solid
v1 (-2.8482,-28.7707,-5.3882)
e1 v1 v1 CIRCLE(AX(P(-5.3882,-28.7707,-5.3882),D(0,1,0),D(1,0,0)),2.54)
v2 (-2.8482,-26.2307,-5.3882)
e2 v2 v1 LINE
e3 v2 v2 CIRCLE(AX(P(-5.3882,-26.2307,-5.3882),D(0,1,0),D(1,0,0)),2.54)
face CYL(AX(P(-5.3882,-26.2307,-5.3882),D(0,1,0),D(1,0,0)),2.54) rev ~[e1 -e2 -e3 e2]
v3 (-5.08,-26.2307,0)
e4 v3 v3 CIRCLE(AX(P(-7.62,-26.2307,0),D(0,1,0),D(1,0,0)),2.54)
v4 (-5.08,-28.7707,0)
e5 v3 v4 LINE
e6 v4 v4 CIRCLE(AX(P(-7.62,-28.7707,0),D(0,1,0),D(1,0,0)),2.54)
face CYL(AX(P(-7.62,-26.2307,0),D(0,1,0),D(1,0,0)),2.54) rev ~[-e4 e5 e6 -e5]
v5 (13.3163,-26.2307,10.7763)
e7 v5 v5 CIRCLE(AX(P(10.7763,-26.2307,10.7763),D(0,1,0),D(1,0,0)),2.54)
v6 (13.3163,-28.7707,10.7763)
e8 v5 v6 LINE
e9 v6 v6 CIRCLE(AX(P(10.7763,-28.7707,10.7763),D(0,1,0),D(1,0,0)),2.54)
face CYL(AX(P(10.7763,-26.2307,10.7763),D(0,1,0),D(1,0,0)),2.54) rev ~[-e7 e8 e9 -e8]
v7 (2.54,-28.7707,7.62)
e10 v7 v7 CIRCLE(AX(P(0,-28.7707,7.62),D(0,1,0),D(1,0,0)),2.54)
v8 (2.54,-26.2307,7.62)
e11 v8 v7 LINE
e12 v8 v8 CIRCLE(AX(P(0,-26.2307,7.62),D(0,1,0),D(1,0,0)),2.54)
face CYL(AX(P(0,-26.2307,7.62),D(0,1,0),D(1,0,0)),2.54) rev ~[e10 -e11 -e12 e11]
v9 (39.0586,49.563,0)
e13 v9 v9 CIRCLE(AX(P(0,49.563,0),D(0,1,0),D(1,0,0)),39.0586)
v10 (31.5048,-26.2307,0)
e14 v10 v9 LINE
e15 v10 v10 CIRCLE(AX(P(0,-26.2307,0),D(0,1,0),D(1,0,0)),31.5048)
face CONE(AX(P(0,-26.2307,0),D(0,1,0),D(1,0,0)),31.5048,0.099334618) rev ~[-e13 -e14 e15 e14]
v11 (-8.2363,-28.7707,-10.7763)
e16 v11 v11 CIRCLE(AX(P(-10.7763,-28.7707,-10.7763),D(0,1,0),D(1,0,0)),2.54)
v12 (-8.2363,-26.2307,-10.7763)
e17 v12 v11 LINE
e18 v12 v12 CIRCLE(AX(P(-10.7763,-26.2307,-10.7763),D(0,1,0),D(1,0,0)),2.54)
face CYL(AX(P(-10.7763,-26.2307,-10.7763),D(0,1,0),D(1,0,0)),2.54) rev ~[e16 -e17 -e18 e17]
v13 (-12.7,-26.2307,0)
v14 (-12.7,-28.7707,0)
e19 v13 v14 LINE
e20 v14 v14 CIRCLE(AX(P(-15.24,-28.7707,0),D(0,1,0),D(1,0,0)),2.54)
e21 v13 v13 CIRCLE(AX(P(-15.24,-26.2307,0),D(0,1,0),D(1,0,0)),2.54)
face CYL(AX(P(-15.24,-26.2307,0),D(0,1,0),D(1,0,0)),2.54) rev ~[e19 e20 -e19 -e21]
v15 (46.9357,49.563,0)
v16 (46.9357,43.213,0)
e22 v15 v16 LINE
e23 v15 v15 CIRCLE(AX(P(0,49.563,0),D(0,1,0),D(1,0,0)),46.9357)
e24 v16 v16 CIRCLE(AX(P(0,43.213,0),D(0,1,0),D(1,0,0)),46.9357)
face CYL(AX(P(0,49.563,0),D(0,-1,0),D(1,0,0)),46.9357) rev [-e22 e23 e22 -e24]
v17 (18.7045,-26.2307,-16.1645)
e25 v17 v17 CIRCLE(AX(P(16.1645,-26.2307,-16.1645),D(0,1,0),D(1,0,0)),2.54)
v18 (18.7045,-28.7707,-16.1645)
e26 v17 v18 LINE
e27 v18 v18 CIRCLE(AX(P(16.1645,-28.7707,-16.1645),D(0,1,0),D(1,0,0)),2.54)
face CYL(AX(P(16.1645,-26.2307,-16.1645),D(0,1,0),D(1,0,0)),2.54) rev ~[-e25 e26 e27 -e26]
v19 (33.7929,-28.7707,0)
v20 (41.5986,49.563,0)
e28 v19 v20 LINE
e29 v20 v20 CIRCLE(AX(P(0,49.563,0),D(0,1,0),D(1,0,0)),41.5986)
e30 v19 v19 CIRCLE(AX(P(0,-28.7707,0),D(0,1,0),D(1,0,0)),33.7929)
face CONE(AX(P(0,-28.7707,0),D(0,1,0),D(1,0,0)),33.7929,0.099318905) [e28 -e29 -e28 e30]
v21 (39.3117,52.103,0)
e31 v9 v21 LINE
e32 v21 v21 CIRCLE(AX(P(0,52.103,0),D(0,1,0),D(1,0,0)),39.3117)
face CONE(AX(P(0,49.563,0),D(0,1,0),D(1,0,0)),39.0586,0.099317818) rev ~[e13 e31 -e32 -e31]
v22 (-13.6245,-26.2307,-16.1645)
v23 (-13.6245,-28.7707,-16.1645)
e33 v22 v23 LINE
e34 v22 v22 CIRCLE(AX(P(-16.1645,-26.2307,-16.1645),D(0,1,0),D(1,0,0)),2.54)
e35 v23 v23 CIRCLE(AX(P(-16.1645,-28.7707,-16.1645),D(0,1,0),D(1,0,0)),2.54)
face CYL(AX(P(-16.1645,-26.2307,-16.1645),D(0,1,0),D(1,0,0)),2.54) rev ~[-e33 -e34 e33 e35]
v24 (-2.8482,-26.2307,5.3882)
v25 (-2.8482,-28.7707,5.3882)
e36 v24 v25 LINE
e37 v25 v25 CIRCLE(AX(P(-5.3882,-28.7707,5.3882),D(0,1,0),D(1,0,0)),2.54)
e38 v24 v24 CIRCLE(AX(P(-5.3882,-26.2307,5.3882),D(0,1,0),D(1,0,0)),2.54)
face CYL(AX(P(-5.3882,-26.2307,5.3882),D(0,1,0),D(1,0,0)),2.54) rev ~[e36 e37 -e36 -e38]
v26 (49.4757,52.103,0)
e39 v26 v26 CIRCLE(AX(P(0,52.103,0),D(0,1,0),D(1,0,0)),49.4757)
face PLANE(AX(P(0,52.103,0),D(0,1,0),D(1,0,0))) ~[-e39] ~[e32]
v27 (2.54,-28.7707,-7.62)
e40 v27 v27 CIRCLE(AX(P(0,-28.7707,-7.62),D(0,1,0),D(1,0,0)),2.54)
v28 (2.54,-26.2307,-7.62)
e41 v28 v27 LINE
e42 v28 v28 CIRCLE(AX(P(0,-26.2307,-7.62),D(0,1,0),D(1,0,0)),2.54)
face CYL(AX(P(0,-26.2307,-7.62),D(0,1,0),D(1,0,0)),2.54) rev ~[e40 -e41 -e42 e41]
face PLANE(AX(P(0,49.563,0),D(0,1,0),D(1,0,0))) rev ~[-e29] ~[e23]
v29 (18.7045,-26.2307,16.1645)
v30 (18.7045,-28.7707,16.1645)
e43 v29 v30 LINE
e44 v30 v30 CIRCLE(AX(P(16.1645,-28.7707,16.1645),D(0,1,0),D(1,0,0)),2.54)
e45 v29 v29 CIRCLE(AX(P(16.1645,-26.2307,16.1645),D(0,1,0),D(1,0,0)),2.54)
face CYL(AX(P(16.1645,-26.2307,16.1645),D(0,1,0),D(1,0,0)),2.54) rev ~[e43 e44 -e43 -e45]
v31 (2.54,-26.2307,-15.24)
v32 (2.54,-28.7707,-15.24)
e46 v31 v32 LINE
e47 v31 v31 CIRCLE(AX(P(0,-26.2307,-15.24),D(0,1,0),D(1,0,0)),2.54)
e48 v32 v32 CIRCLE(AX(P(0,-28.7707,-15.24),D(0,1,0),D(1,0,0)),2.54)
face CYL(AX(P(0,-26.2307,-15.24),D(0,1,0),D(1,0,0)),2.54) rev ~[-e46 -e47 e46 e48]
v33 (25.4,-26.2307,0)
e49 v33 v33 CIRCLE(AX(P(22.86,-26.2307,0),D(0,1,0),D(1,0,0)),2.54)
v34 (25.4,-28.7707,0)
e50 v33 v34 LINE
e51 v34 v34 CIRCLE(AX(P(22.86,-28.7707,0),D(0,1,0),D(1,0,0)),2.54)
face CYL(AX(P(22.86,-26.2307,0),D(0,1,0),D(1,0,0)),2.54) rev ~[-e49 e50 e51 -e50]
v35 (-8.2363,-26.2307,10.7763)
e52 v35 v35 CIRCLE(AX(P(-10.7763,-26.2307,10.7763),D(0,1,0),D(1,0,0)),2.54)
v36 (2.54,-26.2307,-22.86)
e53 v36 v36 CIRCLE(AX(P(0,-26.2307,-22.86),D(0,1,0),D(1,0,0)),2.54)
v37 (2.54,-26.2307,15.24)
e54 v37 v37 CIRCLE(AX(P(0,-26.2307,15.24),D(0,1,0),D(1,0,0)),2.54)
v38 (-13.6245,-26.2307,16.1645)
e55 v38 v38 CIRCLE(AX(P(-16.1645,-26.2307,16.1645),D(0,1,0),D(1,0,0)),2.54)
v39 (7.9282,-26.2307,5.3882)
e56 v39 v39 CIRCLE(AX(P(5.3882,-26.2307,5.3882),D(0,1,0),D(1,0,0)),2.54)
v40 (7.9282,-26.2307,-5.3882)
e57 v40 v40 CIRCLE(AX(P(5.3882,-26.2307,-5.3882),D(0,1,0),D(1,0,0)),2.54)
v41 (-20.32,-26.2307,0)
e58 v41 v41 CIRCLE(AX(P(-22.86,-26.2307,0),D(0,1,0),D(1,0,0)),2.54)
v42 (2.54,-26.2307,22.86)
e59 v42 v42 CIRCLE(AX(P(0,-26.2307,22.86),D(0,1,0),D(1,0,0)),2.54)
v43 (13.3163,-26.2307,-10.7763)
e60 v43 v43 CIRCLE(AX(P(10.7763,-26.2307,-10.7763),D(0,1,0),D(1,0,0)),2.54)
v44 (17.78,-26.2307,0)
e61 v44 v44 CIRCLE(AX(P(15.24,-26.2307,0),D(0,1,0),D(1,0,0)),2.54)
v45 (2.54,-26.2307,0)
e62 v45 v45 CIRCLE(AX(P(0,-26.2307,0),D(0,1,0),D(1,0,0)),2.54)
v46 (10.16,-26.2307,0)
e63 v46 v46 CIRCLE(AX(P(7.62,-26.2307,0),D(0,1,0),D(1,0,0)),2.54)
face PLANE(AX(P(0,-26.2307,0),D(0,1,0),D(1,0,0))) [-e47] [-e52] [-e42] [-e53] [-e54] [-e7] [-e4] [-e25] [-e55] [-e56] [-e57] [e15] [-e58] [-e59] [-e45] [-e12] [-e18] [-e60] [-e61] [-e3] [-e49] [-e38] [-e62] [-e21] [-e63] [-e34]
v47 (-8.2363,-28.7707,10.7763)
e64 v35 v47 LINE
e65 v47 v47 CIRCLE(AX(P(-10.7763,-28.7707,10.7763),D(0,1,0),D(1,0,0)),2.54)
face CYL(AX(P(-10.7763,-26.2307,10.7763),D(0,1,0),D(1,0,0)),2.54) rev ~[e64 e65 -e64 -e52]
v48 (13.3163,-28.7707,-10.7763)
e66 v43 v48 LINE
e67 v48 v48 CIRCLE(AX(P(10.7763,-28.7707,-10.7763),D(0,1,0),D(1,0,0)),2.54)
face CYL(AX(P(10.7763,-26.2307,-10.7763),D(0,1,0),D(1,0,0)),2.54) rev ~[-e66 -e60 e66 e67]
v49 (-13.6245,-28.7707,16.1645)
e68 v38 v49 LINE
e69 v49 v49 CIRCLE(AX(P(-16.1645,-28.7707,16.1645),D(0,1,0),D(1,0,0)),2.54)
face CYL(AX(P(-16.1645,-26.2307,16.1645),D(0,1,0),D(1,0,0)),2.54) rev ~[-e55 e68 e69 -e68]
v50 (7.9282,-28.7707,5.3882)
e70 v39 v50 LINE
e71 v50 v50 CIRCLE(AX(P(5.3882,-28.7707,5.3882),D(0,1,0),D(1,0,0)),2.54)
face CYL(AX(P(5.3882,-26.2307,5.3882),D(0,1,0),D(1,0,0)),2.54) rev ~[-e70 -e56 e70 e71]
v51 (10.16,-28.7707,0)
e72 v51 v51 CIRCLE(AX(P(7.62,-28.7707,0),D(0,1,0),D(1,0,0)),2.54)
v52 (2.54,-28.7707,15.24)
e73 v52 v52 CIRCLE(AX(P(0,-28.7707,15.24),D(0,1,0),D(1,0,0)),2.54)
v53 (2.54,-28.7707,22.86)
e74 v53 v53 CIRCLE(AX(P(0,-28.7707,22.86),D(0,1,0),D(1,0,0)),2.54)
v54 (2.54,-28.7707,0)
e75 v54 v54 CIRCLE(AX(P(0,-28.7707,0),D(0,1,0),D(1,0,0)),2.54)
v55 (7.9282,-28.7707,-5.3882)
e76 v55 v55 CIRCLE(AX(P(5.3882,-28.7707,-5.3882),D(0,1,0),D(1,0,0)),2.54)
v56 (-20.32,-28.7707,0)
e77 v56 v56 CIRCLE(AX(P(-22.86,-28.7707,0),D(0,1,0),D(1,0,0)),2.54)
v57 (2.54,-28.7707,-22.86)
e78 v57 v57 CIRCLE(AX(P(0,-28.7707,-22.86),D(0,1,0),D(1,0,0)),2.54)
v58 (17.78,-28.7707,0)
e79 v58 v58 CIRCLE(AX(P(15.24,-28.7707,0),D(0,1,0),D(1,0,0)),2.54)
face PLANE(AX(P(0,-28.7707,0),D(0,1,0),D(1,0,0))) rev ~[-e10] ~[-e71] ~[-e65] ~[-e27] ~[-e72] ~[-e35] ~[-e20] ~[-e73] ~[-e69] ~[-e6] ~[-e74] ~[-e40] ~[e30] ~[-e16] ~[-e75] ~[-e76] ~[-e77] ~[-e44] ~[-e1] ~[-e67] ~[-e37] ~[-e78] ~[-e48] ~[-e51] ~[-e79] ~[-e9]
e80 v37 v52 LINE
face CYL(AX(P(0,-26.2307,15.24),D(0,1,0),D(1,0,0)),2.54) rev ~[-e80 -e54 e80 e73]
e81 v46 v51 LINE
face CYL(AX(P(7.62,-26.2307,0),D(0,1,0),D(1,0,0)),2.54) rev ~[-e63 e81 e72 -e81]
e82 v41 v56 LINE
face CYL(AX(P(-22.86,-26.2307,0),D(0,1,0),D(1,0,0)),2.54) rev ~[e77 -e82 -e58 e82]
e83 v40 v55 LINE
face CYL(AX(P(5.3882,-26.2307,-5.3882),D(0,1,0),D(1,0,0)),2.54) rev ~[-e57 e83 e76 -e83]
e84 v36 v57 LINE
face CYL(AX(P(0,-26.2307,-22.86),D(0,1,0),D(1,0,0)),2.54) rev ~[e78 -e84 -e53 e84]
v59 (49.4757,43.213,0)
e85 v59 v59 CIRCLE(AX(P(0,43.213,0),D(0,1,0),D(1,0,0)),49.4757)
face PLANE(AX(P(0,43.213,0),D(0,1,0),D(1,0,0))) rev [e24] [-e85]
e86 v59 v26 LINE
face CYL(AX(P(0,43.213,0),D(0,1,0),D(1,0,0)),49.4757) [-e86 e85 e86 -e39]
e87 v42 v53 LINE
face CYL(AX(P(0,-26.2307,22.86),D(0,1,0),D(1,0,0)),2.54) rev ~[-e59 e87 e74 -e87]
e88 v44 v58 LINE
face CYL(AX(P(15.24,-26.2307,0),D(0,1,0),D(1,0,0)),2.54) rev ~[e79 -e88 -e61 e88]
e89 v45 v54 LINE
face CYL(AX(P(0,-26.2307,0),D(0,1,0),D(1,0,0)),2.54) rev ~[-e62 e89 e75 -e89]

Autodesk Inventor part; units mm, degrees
ref_plane "YZ Plane" through (0, 0, 0) normal (1, 0, 0) x (0, 1, 0)
ref_plane "XZ Plane" through (0, 0, 0) normal (0, 1, 0) x (-1, 0, 0)
ref_plane "XY Plane" through (0, 0, 0) normal (0, 0, 1) x (1, 0, 0)
sketch "Sketch1" plane through (0, 0, 0) normal (0, 0, 1) x (1, 0, 0)
  spline S0 degree 3 poles (-35.9347, -28.034) (-38.2518, -14.064) (-40.2964, 0.4145) (-42.8197, 25.9903) (-43.5988, 38.0212) (-43.5918, 49.563) knots -7.717139 -7.717139 -7.717139 -7.717139 -3.462559 -3.462559 0 0 0 0 construction
  line L0 (-43.5918, 49.563) -> (-41.8107, 49.563) construction
  line L1 (-41.8107, 49.563) -> (-41.8107, 49.562) construction
  spline S1 degree 3 poles (-41.8107, 49.562) (-41.8177, 37.9419) (-41.0223, 25.8121) (-38.4526, 0.0021) (-36.3657, -14.6475) (-34.005, -28.7707) knots -7.776786 -7.776786 -7.776786 -7.776786 -4.295739 -4.295739 0 0 0 0 construction
  spline S2 degree 3 poles (-34.005, -28.7707) (-29.7185, -31.4849) (-25.241, -33.8415) (-16.726, -37.4394) (-12.7722, -38.7952) (-7.5781, -40.171) (-6.3496, -40.4679) (-4.3584, -40.8946) (-3.5445, -41.0548) (-2.2442, -41.2757) (-1.7048, -41.3577) (-0.5553, -41.4951) (0.0791, -41.5458) (1.412, -41.5512) (2.0749, -41.5002) (3.2552, -41.3599) (3.7943, -41.2781) (4.6855, -41.1272) (5.068, -41.0573) (5.4504, -40.9834) knots -16.028143 -16.028143 -16.028143 -16.028143 -11.719555 -11.719555 -8.174537 -8.174537 -7.104934 -7.104934 -6.414126 -6.414126 -5.960259 -5.960259 -5.415102 -5.415102 -4.841155 -4.841155 -4.386079 -4.386079 -4.054178 -4.054178 -4.054178 -4.054178 construction
  line L2 (5.4504, -40.9834) -> (5.4504, -41.788) construction
  spline S3 degree 3 poles (5.4504, -41.788) (5.7804, -41.7248) (6.1108, -41.6585) (7.4816, -41.373) (8.542, -41.1266) (12.6773, -40.0825) (15.7697, -39.1153) (23.5096, -36.2333) (28.0566, -34.0916) (32.4276, -31.5847) knots -2.907205 -2.907205 -2.907205 -2.907205 -2.805503 -2.805503 -2.480194 -2.480194 -1.5117 -1.5117 -0.000033 -0.000033 -0.000033 -0.000033 construction
  line L3 (32.4276, -31.5847) -> (32.4276, -30.6767) construction
  spline S4 degree 3 poles (32.4276, -30.6767) (33.4861, -30.0628) (34.5339, -29.4273) (35.5709, -28.7707) knots -0.368225 -0.368225 -0.368225 -0.368225 0 0 0 0 construction
  spline S5 degree 3 poles (35.5709, -28.7707) (37.9317, -14.6472) (40.0186, 0.0026) (42.5883, 25.8126) (43.3836, 37.9422) (43.3766, 49.562) knots -7.787874 -7.787874 -7.787874 -7.787874 -3.485936 -3.485936 0 0 0 0 construction
  line L4 (43.3766, 49.562) -> (43.3766, 49.563) construction
  line L5 (43.3766, 49.563) -> (45.1577, 49.563)
  spline S6 degree 3 poles (45.1577, 49.563) (45.1647, 38.021) (44.3856, 25.9899) (41.8623, 0.4141) (39.8177, -14.0642) (37.5007, -28.034) knots -7.705654 -7.705654 -7.705654 -7.705654 -4.248191 -4.248191 0 0 0 0 construction
  line L6 (37.5007, -28.034) -> (48.5285, -28.034) construction
  line L7 (48.5285, -28.034) -> (48.5285, -36.162) construction
  line L8 (48.5285, -36.162) -> (46.7478, -36.162) construction
  line L9 (46.7478, -36.162) -> (46.7478, -29.812) construction
  line L10 (46.7478, -29.812) -> (37.2038, -29.812) construction
  spline S7 degree 3 poles (37.2038, -29.812) (35.6372, -30.8226) (34.0451, -31.7862) (32.4276, -32.7015) knots -11.950136 -11.950136 -11.950136 -11.950136 -10.890229 -10.890229 -10.890229 -10.890229 construction
  line L11 (32.4276, -32.7015) -> (32.4276, -32.0799) construction
  spline S8 degree 3 poles (32.4276, -32.0799) (27.095, -35.12) (21.5117, -37.6144) (13.3692, -40.2993) (10.9904, -40.9781) (7.7119, -41.7604) (6.7769, -41.9667) (5.7244, -42.1749) (5.588, -42.2014) (5.4504, -42.2277) knots -3.070497 -3.070497 -3.070497 -3.070497 -1.259015 -1.259015 -0.53243 -0.53243 -0.251343 -0.251343 -0.210092 -0.210092 -0.210092 -0.210092 construction
  line L12 (5.4504, -42.2277) -> (5.4504, -42.7803) construction
  spline S9 degree 3 poles (5.4504, -42.7803) (5.1069, -42.8454) (4.7641, -42.9072) (3.8999, -43.0532) (3.3486, -43.1369) (2.1677, -43.2787) (1.5091, -43.3322) (0.2091, -43.3372) (-0.4396, -43.2978) (-1.7714, -43.1385) (-2.3225, -43.055) (-3.6456, -42.8319) (-4.4712, -42.6709) (-8.7991, -41.7533) (-13.1529, -40.5742) (-24.2344, -36.3726) (-30.0905, -33.3906) (-35.6379, -29.812) knots -5.386233 -5.386233 -5.386233 -5.386233 -5.187344 -5.187344 -4.877187 -4.877187 -4.500213 -4.500213 -4.148864 -4.148864 -3.914531 -3.914531 -3.55984 -3.55984 -1.980467 -1.980467 0 0 0 0 construction
  line L13 (-35.6379, -29.812) -> (-45.1819, -29.812) construction
  line L14 (-45.1819, -29.812) -> (-45.1819, -36.162) construction
  line L15 (-45.1819, -36.162) -> (-46.9626, -36.162) construction
  line L16 (-46.9626, -36.162) -> (-46.9626, -28.034) construction
  line L17 (-46.9626, -28.034) -> (-35.9347, -28.034) construction
  line L18 (45.1577, 49.563) -> (46.9357, 49.563)
  line L19 (46.9357, 49.563) -> (46.9357, 43.213)
  line L20 (46.9357, 43.213) -> (49.4757, 43.213)
  line L21 (49.4757, 43.213) -> (49.4757, 52.103)
  line L22 (43.3766, 49.563) -> (41.5986, 49.563)
  line L23 (35.5709, -28.7707) -> (33.7929, -28.7707) construction
  line L24 (33.7929, -28.7707) -> (41.5986, 49.563)
  line L25 (41.5986, 49.563) -> (39.0586, 49.563) construction
  line L26 (33.7929, -28.7707) -> (31.2529, -28.7707) construction
  line L27 (33.7929, -28.7707) -> (0, -28.7707)
  line L28 (33.7929, -28.7707) -> (34.0448, -26.2432) construction
  line L29 (0, -28.7707) -> (0, -26.2307)
  line L30 (31.5048, -26.2307) -> (39.0586, 49.563)
  line L31 (31.5048, -26.2307) -> (0, -26.2307)
  line L32 (39.0586, 49.563) -> (39.3117, 52.103)
  line L33 (39.3117, 52.103) -> (49.4757, 52.103)
  point P0 (0, 0)
  dimension "d0" = 1.778
  dimension "d1" = 6.35
  dimension "d2" = 2.54
  dimension "d3" = 8.89
  dimension "d4" = 1.778
  dimension "d5" = 1.778
  dimension "d6" = 2.54
  dimension "d7" = 2.54
  dimension "d9" = 2.54
  dimension "d10" = 2.54
  dimension "d11" = 2.5287
  dimension "d12" = 95.691
  dimension "d13" = 95.692
revolve "Revolution1" add sketch "Sketch1" angle 360 about axis through (0, -28.7707, 0) along (0, 1, 0)
sketch "Sketch2" plane through (0, -26.2307, 0) normal (0, 1, 0) x (1, 0, 0)
  circle A0 centre (0, 0) radius 2.54
  line L0 (0, 0) -> (0, -31.5048) construction
  circle A1 centre (0, 0) radius 31.5048 construction
  circle A2 centre (0, -7.62) radius 2.54
  circle A3 centre (0, -15.24) radius 2.54
  circle A4 centre (0, -22.86) radius 2.54
  circle A5 centre (0, 7.62) radius 2.54
  circle A6 centre (0, 0) radius 2.54
  circle A7 centre (0, -7.62) radius 2.54
  circle A8 centre (0, -15.24) radius 2.54
  circle A9 centre (0, 15.24) radius 2.54
  circle A10 centre (0, 7.62) radius 2.54
  circle A11 centre (0, 0) radius 2.54
  circle A12 centre (0, -7.62) radius 2.54
  circle A13 centre (0, 22.86) radius 2.54
  circle A14 centre (0, 15.24) radius 2.54
  circle A15 centre (0, 7.62) radius 2.54
  circle A16 centre (0, 0) radius 2.54
  line L1 (0, 0) -> (-15.3445, 0) construction
  circle A17 centre (16.1645, -16.1645) radius 2.54
  circle A18 centre (10.7763, -10.7763) radius 2.54
  circle A19 centre (5.3882, -5.3882) radius 2.54
  circle A20 centre (0, 0) radius 2.54
  circle A21 centre (-5.3882, 5.3882) radius 2.54
  circle A22 centre (-10.7763, 10.7763) radius 2.54
  circle A23 centre (-16.1645, 16.1645) radius 2.54
  circle A24 centre (22.86, 0) radius 2.54
  circle A25 centre (15.24, 0) radius 2.54
  circle A26 centre (7.62, 0) radius 2.54
  circle A27 centre (0, 0) radius 2.54
  circle A28 centre (-7.62, 0) radius 2.54
  circle A29 centre (-15.24, 0) radius 2.54
  circle A30 centre (-22.86, 0) radius 2.54
  circle A31 centre (16.1645, 16.1645) radius 2.54
  circle A32 centre (10.7763, 10.7763) radius 2.54
  circle A33 centre (5.3882, 5.3882) radius 2.54
  circle A34 centre (0, 0) radius 2.54
  circle A35 centre (-5.3882, -5.3882) radius 2.54
  circle A36 centre (-10.7763, -10.7763) radius 2.54
  circle A37 centre (-16.1645, -16.1645) radius 2.54
  circle A38 centre (0, 22.86) radius 2.54
  circle A39 centre (0, 15.24) radius 2.54
  circle A40 centre (0, 7.62) radius 2.54
  circle A41 centre (0, 0) radius 2.54
  circle A42 centre (0, -7.62) radius 2.54
  circle A43 centre (0, -15.24) radius 2.54
  circle A44 centre (0, -22.86) radius 2.54
  circle A45 centre (-16.1645, 16.1645) radius 2.54
  circle A46 centre (-10.7763, 10.7763) radius 2.54
  circle A47 centre (-5.3882, 5.3882) radius 2.54
  circle A48 centre (0, 0) radius 2.54
  circle A49 centre (5.3882, -5.3882) radius 2.54
  circle A50 centre (10.7763, -10.7763) radius 2.54
  circle A51 centre (16.1645, -16.1645) radius 2.54
  circle A52 centre (-22.86, 0) radius 2.54
  circle A53 centre (-15.24, 0) radius 2.54
  circle A54 centre (-7.62, 0) radius 2.54
  circle A55 centre (0, 0) radius 2.54
  circle A56 centre (7.62, 0) radius 2.54
  circle A57 centre (15.24, 0) radius 2.54
  circle A58 centre (22.86, 0) radius 2.54
  circle A59 centre (-16.1645, -16.1645) radius 2.54
  circle A60 centre (-10.7763, -10.7763) radius 2.54
  circle A61 centre (-5.3882, -5.3882) radius 2.54
  circle A62 centre (0, 0) radius 2.54
  circle A63 centre (5.3882, 5.3882) radius 2.54
  circle A64 centre (10.7763, 10.7763) radius 2.54
  circle A65 centre (16.1645, 16.1645) radius 2.54
  dimension "d15" = 5.08
  dimension "d18" = 7.62
  dimension "d21" = 7.62
  dimension "d26" = 360
extrude "Extrusion1" cut sketch "Sketch2" against normal blind 49.2125
equation "\"d4\" = d0"
equation "\"d5\" = d0"
properties part number "Bucket" material "LCP Plastic"
